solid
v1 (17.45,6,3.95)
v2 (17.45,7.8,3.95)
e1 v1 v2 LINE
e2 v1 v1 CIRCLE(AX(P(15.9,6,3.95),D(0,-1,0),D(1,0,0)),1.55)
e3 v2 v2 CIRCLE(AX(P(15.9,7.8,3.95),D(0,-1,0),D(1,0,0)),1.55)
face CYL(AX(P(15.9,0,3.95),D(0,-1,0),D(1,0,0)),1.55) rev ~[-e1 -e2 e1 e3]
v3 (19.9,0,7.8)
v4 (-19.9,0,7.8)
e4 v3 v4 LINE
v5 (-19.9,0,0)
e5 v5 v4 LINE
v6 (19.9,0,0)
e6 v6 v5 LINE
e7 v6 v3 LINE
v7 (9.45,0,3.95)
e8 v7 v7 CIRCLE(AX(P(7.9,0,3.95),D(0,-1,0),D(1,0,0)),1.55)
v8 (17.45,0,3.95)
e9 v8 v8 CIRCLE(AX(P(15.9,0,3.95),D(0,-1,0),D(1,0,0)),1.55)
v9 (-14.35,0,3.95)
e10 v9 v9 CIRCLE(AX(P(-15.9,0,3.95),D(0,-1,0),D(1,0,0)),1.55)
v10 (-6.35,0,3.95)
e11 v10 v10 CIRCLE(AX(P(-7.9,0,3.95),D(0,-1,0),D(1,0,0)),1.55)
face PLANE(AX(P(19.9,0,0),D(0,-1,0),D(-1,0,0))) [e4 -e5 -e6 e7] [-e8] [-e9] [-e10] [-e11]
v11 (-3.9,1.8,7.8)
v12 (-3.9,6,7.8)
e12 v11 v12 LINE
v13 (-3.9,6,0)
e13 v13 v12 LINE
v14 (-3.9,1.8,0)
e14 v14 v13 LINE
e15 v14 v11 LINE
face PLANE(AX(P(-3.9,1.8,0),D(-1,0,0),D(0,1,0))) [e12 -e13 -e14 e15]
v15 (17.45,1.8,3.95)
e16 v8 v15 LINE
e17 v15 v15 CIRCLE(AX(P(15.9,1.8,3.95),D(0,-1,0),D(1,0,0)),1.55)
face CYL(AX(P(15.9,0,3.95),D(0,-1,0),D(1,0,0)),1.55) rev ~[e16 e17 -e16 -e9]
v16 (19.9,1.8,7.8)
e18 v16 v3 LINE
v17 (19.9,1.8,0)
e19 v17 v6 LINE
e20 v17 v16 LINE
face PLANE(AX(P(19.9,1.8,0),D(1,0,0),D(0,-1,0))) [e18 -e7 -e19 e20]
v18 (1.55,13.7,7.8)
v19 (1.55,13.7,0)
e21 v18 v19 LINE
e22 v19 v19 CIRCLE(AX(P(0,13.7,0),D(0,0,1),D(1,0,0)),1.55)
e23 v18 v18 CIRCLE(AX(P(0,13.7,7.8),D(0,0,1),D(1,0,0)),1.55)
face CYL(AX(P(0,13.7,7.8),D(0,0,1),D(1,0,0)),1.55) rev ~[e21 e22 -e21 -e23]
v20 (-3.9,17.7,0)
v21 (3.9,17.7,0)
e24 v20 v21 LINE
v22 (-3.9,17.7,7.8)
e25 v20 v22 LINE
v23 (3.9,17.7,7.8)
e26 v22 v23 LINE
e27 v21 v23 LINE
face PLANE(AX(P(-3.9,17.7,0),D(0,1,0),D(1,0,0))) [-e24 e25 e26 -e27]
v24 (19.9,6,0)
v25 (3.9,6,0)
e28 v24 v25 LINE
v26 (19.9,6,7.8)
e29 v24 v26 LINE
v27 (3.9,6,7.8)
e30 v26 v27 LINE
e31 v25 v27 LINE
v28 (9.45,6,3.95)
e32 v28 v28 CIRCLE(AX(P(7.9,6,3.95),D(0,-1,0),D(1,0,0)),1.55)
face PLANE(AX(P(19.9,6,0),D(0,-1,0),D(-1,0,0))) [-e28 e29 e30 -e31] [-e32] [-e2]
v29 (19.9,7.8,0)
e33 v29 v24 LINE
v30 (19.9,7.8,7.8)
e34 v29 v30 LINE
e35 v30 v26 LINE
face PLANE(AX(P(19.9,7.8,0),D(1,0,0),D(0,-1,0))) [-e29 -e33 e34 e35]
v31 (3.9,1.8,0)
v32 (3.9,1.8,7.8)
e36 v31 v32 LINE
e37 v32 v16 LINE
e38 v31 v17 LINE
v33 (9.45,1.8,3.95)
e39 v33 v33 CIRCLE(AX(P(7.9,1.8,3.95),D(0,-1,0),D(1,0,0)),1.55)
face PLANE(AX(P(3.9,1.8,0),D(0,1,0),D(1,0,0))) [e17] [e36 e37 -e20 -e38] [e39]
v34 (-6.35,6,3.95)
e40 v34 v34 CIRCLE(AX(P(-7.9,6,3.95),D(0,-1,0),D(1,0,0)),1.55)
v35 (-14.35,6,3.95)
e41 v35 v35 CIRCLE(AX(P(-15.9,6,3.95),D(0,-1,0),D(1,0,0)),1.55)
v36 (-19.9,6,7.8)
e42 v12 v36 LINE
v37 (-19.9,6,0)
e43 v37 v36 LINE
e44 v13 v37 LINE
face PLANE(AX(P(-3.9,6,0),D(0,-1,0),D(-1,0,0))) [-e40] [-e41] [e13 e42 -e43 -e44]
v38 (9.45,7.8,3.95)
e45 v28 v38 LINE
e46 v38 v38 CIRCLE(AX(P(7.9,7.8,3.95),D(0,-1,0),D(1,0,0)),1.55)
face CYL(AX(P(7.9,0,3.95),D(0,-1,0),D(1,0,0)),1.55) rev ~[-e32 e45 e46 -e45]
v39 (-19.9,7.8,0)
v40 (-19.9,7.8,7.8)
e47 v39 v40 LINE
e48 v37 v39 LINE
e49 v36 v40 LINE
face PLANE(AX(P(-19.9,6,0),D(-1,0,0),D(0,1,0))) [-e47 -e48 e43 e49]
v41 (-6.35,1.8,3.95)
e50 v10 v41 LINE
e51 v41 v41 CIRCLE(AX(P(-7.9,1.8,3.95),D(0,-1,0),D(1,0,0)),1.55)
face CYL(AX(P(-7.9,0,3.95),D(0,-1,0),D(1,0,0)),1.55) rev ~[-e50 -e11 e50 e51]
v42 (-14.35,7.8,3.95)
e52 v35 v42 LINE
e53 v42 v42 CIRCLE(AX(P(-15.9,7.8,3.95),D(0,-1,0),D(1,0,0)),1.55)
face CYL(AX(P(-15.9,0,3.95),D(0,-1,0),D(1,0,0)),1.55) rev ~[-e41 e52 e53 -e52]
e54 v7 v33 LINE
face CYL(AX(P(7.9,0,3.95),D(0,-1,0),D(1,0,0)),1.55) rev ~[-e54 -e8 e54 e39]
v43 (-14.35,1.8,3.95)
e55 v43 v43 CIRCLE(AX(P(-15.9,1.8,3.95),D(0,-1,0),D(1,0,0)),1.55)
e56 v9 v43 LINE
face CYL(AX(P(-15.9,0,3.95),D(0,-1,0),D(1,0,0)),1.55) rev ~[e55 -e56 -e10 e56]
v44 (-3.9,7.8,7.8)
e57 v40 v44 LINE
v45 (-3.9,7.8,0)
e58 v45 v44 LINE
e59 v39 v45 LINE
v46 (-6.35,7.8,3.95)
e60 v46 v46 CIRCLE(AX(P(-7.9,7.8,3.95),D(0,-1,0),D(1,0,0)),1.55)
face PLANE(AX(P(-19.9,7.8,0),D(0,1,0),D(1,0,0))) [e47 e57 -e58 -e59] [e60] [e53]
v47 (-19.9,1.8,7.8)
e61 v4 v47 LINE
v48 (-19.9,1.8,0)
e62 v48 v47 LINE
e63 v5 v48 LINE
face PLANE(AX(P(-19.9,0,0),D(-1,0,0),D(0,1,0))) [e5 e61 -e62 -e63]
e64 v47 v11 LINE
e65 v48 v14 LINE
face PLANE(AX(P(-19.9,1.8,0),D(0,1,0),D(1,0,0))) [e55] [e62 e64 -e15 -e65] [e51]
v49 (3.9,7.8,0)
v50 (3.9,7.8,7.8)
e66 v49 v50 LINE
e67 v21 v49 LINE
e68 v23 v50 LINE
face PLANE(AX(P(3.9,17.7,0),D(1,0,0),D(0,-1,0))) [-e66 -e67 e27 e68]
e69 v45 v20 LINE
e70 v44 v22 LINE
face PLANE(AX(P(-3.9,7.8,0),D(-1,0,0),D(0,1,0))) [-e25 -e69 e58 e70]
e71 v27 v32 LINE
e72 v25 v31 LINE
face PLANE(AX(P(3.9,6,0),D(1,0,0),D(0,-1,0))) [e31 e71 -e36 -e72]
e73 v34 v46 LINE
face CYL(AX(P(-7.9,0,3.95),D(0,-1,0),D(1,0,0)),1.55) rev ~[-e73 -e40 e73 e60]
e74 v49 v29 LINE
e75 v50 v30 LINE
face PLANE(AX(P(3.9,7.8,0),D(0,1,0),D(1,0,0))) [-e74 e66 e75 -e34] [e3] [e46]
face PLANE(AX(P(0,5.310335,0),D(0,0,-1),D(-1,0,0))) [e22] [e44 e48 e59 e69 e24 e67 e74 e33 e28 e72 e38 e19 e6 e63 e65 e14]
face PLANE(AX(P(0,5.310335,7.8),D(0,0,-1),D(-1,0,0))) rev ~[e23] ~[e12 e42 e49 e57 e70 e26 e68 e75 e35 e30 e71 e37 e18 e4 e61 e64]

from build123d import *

# Parameters (mm, degrees)
PAD_DEPTH       = 7.8
SKETCH001_R     = 1.55
POCKET_DEPTH    = 17.701
SKETCH002_R     = 1.55
POCKET001_DEPTH = 7.801


with BuildPart() as part:
    # Sketch → Pad (new body)
    with BuildSketch(Plane.XY):
        Polygon((-3.9, 17.7), (3.9, 17.7), (3.9, 7.8), (19.9, 7.8), (19.9, 6), (3.9, 6), (3.9, 1.8), (19.9, 1.8), (19.9, 0), (-19.9, 0), (-19.9, 1.8), (-3.9, 1.8), (-3.9, 6), (-19.9, 6), (-19.9, 7.8), (-3.9, 7.8), align=None)
    extrude(amount=PAD_DEPTH)

    # Sketch001 (on Face11 of Pad) → Pocket (cut, through all)
    with BuildSketch(Plane.XZ):
        with Locations((-15.9, 3.95)):
            Circle(SKETCH001_R)
        with Locations((-7.9, 3.95)):
            Circle(SKETCH001_R)
        with Locations((7.9, 3.95)):
            Circle(SKETCH001_R)
        with Locations((15.9, 3.95)):
            Circle(SKETCH001_R)
    extrude(amount=-POCKET_DEPTH, mode=Mode.SUBTRACT)

    # Sketch002 (on Face4 of Pocket) → Pocket001 (cut, through all)
    with BuildSketch(Plane.XY.offset(7.8)):
        with Locations((0, 13.7)):
            Circle(SKETCH002_R)
    extrude(amount=-POCKET001_DEPTH, mode=Mode.SUBTRACT)


solid = part.part
